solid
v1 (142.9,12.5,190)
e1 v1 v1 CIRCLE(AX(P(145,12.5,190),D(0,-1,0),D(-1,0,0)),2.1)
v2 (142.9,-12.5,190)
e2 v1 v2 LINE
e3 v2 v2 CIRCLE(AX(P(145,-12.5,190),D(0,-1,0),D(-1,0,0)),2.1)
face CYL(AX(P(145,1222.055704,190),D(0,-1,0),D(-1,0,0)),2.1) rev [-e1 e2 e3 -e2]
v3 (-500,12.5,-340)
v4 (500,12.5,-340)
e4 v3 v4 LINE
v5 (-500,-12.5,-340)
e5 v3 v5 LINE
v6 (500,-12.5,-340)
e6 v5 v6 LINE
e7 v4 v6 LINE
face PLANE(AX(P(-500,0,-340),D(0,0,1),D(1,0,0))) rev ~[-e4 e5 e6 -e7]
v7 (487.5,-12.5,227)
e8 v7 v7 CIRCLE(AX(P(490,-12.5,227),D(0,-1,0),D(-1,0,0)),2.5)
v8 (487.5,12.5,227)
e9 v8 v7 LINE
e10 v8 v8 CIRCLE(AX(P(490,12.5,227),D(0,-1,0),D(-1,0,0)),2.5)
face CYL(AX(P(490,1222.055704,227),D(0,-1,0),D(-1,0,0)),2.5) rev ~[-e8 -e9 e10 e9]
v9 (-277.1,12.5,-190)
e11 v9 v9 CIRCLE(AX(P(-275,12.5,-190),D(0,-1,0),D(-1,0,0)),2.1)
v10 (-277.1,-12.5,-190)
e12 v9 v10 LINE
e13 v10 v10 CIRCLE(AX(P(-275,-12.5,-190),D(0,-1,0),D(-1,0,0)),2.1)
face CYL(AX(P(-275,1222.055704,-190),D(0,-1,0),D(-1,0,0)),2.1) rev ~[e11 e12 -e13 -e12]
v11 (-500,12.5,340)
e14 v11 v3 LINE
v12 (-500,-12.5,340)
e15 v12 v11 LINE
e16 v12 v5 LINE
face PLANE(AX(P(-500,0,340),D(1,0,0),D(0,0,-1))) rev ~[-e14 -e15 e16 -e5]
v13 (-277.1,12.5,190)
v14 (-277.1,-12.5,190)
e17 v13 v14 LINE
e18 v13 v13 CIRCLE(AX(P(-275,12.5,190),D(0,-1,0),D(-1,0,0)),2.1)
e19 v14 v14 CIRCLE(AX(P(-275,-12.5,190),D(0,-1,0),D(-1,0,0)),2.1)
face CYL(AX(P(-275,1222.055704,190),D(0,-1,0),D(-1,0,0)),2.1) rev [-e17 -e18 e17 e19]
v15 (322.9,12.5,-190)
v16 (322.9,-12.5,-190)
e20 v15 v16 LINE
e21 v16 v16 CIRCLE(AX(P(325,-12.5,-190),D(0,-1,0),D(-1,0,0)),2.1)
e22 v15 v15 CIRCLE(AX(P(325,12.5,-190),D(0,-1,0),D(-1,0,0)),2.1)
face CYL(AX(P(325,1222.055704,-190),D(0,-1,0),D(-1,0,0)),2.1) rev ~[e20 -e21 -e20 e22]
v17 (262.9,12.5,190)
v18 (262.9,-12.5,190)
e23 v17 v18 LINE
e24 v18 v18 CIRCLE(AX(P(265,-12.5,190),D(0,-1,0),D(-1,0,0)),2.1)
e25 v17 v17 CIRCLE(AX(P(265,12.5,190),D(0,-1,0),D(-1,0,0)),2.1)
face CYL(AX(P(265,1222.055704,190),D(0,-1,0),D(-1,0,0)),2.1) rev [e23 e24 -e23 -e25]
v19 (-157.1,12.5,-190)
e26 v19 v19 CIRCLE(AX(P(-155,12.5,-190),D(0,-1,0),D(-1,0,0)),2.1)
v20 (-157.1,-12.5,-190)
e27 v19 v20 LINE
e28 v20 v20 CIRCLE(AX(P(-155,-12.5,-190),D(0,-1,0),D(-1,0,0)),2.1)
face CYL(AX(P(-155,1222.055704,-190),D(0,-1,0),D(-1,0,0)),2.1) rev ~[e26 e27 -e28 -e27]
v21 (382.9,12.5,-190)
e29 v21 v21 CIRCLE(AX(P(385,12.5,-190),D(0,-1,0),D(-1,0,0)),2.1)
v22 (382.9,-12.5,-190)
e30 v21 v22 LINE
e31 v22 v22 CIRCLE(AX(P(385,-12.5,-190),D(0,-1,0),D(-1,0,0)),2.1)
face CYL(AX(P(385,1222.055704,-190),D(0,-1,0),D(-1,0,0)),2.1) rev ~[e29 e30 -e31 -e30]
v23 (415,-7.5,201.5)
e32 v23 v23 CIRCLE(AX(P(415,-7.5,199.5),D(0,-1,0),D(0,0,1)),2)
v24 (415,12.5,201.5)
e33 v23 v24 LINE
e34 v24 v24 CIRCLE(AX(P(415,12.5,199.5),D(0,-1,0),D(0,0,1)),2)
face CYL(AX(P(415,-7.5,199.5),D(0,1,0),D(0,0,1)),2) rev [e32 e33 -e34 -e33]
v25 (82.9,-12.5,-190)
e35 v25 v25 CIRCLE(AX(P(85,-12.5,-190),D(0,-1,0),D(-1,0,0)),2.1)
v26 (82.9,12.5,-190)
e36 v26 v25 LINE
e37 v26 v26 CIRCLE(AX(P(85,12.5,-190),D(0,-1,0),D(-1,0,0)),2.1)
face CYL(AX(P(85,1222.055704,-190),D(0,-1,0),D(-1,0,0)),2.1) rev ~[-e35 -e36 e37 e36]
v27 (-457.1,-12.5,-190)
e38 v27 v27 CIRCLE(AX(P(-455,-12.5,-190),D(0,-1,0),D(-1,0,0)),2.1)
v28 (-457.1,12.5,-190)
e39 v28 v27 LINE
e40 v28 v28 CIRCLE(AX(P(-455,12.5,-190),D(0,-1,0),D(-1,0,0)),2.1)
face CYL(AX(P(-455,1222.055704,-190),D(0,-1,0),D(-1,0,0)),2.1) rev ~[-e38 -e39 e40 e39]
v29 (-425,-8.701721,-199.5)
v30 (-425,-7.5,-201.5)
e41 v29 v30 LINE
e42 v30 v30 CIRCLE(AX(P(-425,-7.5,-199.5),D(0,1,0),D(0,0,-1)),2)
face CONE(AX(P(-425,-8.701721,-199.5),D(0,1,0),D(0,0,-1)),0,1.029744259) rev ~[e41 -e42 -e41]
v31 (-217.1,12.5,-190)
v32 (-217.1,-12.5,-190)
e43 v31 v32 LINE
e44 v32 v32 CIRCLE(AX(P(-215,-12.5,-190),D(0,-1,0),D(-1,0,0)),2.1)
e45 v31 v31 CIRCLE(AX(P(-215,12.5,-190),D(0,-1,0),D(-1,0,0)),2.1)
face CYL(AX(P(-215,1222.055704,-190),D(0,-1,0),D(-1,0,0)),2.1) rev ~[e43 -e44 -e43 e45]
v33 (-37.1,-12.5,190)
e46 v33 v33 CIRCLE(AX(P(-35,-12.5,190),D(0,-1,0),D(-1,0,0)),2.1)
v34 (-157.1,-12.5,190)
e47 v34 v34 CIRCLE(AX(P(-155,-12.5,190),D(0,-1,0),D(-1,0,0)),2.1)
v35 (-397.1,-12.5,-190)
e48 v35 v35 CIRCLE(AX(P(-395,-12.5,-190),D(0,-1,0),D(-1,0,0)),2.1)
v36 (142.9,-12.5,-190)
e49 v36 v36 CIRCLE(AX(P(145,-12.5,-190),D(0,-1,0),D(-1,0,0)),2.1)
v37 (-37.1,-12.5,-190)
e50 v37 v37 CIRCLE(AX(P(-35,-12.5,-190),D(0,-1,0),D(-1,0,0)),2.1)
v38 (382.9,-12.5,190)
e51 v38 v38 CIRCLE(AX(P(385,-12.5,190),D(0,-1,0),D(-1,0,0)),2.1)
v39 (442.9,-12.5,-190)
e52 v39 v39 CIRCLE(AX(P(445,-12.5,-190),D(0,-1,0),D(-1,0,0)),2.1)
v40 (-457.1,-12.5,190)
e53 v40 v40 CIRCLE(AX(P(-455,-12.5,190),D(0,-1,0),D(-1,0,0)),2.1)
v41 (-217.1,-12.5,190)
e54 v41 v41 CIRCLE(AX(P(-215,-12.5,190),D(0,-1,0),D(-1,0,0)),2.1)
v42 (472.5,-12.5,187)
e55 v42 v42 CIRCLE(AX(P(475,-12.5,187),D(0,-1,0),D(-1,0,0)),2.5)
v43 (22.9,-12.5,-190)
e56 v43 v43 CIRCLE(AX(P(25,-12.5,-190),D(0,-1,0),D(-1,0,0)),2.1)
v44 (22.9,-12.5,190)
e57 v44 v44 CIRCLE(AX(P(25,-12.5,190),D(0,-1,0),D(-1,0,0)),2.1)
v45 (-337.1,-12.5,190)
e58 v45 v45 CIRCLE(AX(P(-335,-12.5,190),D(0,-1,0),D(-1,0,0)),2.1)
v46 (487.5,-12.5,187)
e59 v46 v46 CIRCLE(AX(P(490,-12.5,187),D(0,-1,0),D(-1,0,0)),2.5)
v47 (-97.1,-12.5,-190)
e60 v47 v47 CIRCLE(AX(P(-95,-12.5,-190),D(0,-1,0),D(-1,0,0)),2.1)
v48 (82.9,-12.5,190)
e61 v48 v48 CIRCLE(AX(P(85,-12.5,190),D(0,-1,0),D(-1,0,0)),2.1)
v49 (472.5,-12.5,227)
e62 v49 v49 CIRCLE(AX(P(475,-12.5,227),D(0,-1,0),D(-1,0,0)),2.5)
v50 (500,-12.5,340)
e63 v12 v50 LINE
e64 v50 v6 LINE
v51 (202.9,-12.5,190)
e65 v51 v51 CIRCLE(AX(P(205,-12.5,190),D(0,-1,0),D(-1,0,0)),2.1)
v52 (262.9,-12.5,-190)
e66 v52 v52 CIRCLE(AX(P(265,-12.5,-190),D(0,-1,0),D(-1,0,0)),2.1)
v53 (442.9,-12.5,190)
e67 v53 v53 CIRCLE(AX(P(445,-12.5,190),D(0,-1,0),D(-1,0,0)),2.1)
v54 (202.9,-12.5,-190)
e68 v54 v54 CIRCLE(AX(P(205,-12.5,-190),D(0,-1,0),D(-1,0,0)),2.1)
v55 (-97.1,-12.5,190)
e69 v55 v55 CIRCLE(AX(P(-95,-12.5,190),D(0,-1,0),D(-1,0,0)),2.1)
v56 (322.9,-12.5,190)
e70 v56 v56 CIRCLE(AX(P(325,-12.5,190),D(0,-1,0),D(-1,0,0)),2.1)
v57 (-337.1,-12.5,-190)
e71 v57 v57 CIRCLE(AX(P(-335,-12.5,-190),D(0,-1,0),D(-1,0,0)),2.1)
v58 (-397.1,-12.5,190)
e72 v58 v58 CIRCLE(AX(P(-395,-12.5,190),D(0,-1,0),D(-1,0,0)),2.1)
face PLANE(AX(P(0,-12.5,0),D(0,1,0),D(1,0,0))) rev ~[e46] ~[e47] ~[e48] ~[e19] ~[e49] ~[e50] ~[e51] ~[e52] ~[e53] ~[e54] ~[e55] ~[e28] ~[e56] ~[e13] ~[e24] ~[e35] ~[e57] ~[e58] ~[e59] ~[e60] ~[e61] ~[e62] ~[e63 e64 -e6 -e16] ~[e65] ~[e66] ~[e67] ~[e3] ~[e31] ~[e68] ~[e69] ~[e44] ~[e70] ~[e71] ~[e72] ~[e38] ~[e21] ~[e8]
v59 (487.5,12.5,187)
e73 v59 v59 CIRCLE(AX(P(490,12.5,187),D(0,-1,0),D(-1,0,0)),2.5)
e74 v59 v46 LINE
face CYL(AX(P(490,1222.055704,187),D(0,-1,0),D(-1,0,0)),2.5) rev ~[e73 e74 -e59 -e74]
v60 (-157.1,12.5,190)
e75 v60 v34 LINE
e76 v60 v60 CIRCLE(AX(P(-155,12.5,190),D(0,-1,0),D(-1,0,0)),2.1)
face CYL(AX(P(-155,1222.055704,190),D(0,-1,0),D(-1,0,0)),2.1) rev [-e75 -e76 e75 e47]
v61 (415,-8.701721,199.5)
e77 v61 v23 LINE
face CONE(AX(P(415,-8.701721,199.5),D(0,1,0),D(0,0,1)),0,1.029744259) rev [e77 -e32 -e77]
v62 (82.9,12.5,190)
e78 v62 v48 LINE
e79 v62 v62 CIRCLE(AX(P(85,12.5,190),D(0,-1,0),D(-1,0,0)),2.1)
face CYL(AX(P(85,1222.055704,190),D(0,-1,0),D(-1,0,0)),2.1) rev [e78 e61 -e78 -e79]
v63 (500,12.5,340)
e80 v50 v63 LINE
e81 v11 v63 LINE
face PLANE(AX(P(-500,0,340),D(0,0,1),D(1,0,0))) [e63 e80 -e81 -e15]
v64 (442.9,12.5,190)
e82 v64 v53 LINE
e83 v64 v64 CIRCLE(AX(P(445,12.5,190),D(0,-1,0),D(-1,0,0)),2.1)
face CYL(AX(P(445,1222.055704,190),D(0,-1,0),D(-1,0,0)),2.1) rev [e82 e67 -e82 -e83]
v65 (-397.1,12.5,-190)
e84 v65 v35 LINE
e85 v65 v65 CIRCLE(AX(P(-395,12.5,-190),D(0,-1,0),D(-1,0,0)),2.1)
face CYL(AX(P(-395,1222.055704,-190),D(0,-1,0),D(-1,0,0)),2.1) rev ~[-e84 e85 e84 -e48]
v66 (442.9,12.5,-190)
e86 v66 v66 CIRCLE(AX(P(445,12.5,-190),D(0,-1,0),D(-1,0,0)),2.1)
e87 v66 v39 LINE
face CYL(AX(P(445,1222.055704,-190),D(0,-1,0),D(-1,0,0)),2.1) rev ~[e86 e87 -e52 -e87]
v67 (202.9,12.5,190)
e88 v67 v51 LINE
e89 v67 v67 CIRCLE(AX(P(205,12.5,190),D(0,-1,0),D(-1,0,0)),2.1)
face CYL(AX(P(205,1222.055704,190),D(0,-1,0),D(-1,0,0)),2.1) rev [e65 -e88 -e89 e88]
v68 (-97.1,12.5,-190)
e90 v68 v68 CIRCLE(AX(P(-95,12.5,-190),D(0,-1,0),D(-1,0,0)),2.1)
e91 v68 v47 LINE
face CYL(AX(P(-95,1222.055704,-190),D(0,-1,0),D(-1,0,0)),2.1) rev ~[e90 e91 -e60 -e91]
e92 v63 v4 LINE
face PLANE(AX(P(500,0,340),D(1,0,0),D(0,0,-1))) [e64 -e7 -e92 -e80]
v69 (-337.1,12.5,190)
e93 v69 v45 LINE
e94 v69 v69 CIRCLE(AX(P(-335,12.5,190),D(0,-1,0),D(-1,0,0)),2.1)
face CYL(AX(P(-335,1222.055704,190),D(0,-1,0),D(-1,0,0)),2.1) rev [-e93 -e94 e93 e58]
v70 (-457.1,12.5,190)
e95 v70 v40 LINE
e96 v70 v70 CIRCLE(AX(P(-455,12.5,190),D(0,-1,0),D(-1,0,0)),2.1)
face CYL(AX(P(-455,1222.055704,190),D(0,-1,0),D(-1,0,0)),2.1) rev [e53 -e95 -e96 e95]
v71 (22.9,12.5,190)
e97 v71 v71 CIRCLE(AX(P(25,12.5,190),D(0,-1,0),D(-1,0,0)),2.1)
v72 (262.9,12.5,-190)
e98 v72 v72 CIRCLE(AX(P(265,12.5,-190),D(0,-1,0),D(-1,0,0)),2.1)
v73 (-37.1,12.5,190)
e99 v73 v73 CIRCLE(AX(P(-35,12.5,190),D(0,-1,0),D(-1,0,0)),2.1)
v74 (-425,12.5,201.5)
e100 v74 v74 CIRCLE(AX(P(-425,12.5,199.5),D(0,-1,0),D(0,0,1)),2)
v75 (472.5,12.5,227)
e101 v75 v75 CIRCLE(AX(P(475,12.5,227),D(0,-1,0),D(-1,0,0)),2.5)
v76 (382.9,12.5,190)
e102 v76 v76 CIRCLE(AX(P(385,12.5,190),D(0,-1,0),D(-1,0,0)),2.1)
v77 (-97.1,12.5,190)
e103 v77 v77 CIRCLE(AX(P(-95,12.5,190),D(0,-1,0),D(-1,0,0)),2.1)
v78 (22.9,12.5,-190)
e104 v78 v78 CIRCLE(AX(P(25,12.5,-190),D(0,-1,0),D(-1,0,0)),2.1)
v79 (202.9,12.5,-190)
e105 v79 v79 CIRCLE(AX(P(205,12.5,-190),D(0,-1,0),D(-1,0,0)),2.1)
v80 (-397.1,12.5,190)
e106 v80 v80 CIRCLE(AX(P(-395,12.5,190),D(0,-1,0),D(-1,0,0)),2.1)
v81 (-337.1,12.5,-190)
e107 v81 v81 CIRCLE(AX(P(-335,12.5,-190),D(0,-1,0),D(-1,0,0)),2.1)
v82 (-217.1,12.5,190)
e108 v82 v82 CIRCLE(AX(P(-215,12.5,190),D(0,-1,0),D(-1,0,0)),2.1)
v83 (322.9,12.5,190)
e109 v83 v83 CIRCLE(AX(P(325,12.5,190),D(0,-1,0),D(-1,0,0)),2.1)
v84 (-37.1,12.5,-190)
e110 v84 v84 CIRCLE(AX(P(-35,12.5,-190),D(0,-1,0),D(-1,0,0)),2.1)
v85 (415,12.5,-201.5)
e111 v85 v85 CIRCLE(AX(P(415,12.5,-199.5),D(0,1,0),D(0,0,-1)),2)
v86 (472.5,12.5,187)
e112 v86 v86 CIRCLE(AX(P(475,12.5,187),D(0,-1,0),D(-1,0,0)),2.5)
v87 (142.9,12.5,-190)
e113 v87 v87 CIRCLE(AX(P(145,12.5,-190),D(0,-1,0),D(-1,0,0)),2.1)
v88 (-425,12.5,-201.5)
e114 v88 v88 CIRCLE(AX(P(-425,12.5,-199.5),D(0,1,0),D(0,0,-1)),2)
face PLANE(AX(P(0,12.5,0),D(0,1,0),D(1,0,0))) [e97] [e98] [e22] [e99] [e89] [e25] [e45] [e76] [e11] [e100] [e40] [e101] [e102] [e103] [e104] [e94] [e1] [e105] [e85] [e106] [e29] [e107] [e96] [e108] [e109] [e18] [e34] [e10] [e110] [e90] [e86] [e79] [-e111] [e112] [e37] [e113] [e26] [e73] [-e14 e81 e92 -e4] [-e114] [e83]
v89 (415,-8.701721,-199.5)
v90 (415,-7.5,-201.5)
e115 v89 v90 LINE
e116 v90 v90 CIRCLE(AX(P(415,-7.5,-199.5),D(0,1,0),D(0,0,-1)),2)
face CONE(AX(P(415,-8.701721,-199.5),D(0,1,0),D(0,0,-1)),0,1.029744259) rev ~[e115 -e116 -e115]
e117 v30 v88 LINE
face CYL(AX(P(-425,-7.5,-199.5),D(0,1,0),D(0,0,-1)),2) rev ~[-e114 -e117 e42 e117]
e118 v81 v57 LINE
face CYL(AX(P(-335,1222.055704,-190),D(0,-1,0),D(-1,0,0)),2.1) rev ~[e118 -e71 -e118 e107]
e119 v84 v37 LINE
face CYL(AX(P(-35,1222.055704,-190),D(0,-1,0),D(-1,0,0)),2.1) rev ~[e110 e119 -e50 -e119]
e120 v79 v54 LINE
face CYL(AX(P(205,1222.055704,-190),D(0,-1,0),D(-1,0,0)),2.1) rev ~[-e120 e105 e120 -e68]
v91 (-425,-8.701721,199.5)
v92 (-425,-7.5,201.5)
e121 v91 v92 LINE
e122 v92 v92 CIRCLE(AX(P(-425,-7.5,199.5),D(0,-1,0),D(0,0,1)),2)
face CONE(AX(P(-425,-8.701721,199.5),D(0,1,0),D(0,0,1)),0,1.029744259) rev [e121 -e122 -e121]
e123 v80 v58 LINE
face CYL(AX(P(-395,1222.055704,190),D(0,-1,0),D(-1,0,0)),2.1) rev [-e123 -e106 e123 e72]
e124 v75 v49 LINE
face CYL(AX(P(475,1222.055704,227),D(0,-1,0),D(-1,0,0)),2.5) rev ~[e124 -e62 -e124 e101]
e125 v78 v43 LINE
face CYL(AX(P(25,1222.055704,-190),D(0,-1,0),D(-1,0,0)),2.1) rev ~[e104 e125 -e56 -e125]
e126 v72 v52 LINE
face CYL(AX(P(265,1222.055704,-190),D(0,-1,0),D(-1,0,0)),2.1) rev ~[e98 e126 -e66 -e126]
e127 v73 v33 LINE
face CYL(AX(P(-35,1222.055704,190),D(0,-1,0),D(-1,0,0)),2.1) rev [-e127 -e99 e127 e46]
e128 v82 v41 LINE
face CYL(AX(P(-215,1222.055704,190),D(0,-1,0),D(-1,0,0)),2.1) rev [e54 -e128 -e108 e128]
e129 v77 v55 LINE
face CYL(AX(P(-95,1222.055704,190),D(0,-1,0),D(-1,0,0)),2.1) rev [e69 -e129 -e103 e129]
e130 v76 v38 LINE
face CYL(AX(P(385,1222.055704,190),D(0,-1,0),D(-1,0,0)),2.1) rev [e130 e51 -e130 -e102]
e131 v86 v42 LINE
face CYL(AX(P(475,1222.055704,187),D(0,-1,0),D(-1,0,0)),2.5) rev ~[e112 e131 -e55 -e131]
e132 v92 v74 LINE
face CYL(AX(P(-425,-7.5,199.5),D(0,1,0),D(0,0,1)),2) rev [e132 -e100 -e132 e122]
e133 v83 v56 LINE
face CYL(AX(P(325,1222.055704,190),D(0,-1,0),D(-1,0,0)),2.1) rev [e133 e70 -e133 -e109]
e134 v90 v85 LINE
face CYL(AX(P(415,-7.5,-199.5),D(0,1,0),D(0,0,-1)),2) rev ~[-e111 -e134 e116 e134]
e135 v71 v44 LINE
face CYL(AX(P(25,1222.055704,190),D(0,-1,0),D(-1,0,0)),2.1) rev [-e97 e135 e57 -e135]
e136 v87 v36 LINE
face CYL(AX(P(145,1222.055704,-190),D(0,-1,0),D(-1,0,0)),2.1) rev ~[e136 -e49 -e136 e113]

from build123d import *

# Parameters (mm, degrees)
SKETCH1_W                      = 1000
SKETCH1_H                      = 680
BOSS_EXTRUDE1_DEPTH            = 12.5
M5X0_8_TAPPED_HOLE1_D          = 4.2
M6_TAPPED_HOLE1_D              = 5
F_4_0MM_DOWEL_HOLE1_AT_2_COUNT = 2
F_4_0MM_DOWEL_HOLE1_AT_2_PITCH = 840


with BuildPart() as part:
    # Sketch1 → Boss-Extrude1 (new, symmetric)
    with BuildSketch(Plane(origin=(0, 0, 0), x_dir=(1, 0, 0), z_dir=(0, 1, 0))):
        Rectangle(SKETCH1_W, SKETCH1_H)
    extrude(amount=BOSS_EXTRUDE1_DEPTH, both=True)

    # M5x0.8 Tapped Hole1 (through all)
    with Locations(Plane(origin=(0, 12.5, 0), x_dir=(1, 0, 0), z_dir=(0, 1, 0))):
        with Locations((-275, 190), (-215, 190), (-155, 190), (-95, 190), (-35, 190), (25, 190), (85, 190), (145, 190), (205, 190), (265, 190), (325, 190), (385, 190), (445, 190), (-335, 190), (-395, 190), (-455, 190)):
            m5x0_8_tapped_hole1 = Hole(M5X0_8_TAPPED_HOLE1_D / 2)

    # Mirror1: M5x0.8 Tapped Hole1 across plane
    add(m5x0_8_tapped_hole1.mirror(Plane.XY), mode=Mode.SUBTRACT)

    # M6 Tapped Hole1 (through all)
    with Locations(Plane(origin=(0, 12.5, 0), x_dir=(1, 0, 0), z_dir=(0, 1, 0))):
        with Locations((475, -187), (490, -187), (490, -227), (475, -227)):
            Hole(M6_TAPPED_HOLE1_D / 2)

    # Sketch12 → Ø4.0mm Dowel Hole1 (revolve, cut)
    with BuildSketch(Plane(origin=(415, 12.5, 199.5), x_dir=(0, 0, 1), z_dir=(1, 0, 0))):
        Polygon((0, 0), (0, 21.201721238), (2, 20), (2, 0), align=None)
    f_4_0mm_dowel_hole1 = revolve(axis=Axis((415, 18.85, 199.5), (0, -1, 0)), mode=Mode.SUBTRACT)

    # Ø4.0mm Dowel Hole1 at 2: Ø4.0mm Dowel Hole1 ×2
    with Locations(*[(-i * F_4_0MM_DOWEL_HOLE1_AT_2_PITCH, 0, 0) for i in range(1, F_4_0MM_DOWEL_HOLE1_AT_2_COUNT)]):
        add(f_4_0mm_dowel_hole1, mode=Mode.SUBTRACT)

    # Mirror2: Ø4.0mm Dowel Hole1 across plane
    add(f_4_0mm_dowel_hole1.mirror(Plane.XY), mode=Mode.SUBTRACT)

    # Mirror2 copy 1 sketch → Mirror2 copy 1 (revolve, cut)
    with BuildSketch(Plane(origin=(-425, 12.5, -199.5), x_dir=(0, 0, -1), z_dir=(1, 0, 0))):
        Polygon((0, 0), (0, -21.201721238), (2, -20), (2, 0), align=None)
    revolve(axis=Axis((-425, 18.85, -199.5), (0, 1, 0)), mode=Mode.SUBTRACT)


solid = part.part
